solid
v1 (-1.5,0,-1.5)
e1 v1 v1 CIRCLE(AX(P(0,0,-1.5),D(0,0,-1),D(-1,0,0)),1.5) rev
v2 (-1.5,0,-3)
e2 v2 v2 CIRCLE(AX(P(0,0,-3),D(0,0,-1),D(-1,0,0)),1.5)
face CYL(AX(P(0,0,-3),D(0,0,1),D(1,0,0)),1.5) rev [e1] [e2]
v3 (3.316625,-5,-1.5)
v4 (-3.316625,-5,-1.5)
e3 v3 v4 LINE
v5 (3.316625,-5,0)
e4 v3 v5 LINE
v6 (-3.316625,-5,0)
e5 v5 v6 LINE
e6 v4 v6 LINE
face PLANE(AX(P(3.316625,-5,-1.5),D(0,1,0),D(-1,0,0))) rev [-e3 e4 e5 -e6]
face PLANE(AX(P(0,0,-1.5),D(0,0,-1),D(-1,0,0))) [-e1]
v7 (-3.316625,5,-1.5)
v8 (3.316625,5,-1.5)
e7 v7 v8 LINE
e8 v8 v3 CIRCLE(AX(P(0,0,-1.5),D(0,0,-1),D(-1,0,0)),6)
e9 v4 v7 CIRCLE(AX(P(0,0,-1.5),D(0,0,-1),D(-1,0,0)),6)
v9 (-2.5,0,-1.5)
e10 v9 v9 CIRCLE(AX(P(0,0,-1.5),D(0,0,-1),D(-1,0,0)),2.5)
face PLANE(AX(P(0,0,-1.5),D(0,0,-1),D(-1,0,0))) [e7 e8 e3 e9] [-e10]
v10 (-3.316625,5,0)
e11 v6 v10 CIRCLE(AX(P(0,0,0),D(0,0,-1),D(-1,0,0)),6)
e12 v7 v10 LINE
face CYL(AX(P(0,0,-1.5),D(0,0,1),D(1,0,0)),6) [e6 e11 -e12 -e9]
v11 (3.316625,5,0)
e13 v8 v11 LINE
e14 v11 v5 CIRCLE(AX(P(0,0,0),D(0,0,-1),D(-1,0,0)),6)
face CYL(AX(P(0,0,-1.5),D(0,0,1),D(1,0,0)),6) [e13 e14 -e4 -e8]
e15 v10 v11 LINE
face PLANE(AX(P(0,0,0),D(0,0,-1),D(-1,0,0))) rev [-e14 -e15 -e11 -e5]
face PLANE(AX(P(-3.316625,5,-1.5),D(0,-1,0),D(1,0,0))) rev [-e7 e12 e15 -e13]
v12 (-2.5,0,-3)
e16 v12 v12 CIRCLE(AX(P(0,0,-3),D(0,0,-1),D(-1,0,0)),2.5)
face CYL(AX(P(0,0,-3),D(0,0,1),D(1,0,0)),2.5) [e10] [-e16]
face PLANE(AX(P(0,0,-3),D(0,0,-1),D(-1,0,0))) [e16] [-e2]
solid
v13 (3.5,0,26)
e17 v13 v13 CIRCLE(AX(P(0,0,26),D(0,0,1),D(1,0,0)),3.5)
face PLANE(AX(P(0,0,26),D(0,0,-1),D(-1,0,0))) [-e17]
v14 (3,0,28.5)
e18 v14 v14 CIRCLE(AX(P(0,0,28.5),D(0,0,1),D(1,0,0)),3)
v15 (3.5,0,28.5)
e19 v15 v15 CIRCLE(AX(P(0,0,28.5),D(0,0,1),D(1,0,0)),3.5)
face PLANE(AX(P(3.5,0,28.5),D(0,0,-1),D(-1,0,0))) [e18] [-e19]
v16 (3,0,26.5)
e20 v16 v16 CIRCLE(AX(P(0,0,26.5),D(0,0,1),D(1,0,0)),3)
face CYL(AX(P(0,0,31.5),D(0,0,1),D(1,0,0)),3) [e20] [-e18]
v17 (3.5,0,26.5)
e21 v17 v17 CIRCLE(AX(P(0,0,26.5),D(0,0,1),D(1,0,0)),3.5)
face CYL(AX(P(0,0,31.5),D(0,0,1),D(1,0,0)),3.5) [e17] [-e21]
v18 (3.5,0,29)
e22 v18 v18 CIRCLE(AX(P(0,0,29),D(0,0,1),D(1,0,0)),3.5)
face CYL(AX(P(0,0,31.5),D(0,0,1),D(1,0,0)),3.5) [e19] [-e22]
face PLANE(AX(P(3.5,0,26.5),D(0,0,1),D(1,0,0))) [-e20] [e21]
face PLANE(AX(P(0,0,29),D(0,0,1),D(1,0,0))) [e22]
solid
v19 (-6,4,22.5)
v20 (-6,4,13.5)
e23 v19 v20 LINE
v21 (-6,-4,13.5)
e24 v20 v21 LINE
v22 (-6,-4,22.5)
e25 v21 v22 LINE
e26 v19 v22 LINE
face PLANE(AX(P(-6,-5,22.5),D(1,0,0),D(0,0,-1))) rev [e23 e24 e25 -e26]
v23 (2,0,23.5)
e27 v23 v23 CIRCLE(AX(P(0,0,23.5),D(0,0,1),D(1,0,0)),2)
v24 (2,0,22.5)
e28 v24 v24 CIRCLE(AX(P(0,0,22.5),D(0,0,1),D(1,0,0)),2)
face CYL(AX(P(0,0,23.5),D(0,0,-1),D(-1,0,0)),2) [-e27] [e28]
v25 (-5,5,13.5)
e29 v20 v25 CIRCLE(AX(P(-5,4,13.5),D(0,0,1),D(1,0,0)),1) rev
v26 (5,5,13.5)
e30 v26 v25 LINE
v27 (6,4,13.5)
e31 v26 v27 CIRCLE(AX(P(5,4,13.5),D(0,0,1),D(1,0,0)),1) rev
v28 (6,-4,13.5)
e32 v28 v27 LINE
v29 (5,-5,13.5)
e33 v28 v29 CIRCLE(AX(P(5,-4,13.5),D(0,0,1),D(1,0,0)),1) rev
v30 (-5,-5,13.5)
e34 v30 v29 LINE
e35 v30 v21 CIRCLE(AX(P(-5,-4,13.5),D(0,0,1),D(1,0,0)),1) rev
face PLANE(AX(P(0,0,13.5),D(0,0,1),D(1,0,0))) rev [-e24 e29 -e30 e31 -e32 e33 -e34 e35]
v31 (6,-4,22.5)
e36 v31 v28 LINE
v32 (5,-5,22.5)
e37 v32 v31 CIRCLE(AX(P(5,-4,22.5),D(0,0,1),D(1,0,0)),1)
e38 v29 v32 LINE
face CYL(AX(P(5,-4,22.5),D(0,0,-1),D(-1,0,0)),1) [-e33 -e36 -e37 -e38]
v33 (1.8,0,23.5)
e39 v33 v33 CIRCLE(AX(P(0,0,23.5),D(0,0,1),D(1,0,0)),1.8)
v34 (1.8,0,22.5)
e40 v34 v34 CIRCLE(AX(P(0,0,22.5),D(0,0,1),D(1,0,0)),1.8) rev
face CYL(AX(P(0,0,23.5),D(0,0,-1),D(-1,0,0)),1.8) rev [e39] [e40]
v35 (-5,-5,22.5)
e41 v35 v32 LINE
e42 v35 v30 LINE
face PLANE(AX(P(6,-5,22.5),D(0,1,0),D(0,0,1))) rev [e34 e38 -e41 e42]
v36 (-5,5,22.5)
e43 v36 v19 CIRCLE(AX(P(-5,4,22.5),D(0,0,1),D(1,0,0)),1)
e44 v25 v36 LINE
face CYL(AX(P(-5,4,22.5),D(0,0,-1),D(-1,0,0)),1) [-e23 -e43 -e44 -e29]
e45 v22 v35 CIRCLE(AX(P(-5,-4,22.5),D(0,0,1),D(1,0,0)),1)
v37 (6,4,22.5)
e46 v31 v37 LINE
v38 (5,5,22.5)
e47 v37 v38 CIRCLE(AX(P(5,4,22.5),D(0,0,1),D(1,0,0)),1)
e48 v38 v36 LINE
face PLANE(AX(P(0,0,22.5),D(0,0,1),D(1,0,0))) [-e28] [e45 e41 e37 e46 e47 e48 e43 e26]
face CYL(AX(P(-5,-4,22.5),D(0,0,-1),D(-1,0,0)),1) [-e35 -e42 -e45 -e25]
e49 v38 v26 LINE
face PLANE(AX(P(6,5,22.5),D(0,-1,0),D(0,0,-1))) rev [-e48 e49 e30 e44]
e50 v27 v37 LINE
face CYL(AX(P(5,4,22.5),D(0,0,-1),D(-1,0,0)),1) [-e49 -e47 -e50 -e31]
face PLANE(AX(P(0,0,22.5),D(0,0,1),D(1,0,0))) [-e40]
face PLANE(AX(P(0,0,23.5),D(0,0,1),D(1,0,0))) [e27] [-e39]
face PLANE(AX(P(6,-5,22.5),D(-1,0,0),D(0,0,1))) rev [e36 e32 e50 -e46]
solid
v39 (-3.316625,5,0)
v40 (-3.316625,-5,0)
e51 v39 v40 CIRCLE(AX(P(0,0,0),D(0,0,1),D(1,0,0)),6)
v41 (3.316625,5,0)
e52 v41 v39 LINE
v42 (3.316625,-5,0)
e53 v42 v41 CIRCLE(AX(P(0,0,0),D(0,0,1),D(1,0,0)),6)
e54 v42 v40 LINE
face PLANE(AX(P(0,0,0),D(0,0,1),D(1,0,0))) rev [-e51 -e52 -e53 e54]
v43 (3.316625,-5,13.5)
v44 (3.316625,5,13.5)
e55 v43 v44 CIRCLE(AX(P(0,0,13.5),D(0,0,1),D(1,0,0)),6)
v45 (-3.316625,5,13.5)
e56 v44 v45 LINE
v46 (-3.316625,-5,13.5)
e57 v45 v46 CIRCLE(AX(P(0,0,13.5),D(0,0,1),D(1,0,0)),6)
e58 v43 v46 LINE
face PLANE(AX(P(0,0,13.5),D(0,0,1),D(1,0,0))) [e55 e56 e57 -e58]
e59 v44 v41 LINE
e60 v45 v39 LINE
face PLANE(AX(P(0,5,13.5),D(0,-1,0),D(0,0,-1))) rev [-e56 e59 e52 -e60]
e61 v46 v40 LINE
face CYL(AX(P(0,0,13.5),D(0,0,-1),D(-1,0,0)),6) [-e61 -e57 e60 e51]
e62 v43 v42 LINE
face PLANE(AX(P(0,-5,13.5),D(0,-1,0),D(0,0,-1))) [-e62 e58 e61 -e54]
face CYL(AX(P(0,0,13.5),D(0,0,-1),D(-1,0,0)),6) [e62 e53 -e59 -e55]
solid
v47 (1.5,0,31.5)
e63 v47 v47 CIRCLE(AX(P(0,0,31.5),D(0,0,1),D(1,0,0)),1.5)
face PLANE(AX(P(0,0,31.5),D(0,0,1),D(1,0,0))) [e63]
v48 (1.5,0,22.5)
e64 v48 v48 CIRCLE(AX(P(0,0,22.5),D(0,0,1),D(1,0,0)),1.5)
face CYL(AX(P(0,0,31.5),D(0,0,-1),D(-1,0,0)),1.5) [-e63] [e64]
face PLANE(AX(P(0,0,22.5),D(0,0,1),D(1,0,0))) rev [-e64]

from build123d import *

# Parameters (mm, degrees)
SKETCH1_W           = 6.63324958
SKETCH1_H           = 10
BOSS_EXTRUDE1_DEPTH = 13.5
SKETCH2_W           = 12
SKETCH2_H           = 10
BOSS_EXTRUDE3_DEPTH = 9
SKETCH4_R           = 2
SKETCH4_R_2         = 1.8
BOSS_EXTRUDE4_DEPTH = 1
SKETCH5_R           = 1.5
BOSS_EXTRUDE5_DEPTH = 9
BOSS_EXTRUDE6_DEPTH = 1.5
SKETCH7_R           = 2.5
SKETCH7_R_2         = 1.5
BOSS_EXTRUDE7_DEPTH = 1.5
FILLET1_R           = 1


with BuildPart() as part:
    # Sketch1 → Boss-Extrude1 (new body)
    with BuildSketch(Plane.XY):
        with BuildLine():
            Line((-3.31662479, -5), (-3.31662479, 5))
            ThreePointArc((-3.31662479, 5), (-6, 0), (-3.31662479, -5))
        make_face()
        with BuildLine():
            Line((3.31662479, -5), (3.31662479, 5))
            ThreePointArc((3.31662479, 5), (6, 0), (3.31662479, -5))
        make_face()
        Rectangle(SKETCH1_W, SKETCH1_H)
    extrude(amount=BOSS_EXTRUDE1_DEPTH)


with BuildPart() as body_2:
    # Sketch2 → Boss-Extrude3 (new body)
    with BuildSketch(Plane.XY.offset(13.5)):
        Rectangle(SKETCH2_W, SKETCH2_H)
    extrude(amount=BOSS_EXTRUDE3_DEPTH)

    # Sketch4 → Boss-Extrude4 (add)
    with BuildSketch(Plane.XY.offset(22.5)):
        Circle(SKETCH4_R)
        Circle(SKETCH4_R_2, mode=Mode.SUBTRACT)
    extrude(amount=BOSS_EXTRUDE4_DEPTH)

    # Fillet1
    fillet1_edges = [body_2.edges().sort_by_distance(p)[0] for p in [
        (-6, 5, 18),
        (6, 5, 18),
        (6, -5, 18),
        (-6, -5, 18),
    ]]
    fillet(fillet1_edges, radius=FILLET1_R)


with BuildPart() as body_3:
    # Sketch5 → Boss-Extrude5 (new body)
    with BuildSketch(Plane.XY.offset(22.5)):
        Circle(SKETCH5_R)
    extrude(amount=BOSS_EXTRUDE5_DEPTH)


with BuildPart() as body_4:
    # Sketch6 → Boss-Extrude6 (new body)
    with BuildSketch(Plane(origin=(0, 0, 0), x_dir=(-1, 0, 0), z_dir=(0, 0, -1))):
        with BuildLine():
            Line((3.31662479, 5), (-3.31662479, 5))
            ThreePointArc((-3.31662479, 5), (-6, 0), (-3.31662479, -5))
            Line((-3.31662479, -5), (3.31662479, -5))
            ThreePointArc((3.31662479, -5), (6, 0), (3.31662479, 5))
        make_face()
    extrude(amount=BOSS_EXTRUDE6_DEPTH)

    # Sketch7 → Boss-Extrude7 (add)
    with BuildSketch(Plane(origin=(0, 0, -1.5), x_dir=(-1, 0, 0), z_dir=(0, 0, -1))):
        Circle(SKETCH7_R)
        Circle(SKETCH7_R_2, mode=Mode.SUBTRACT)
    extrude(amount=BOSS_EXTRUDE7_DEPTH)


with BuildPart() as body_5:
    # Sketch8 → Revolve1 (revolve)
    with BuildSketch(Plane(origin=(0, 0, 0), x_dir=(1, 0, 0), z_dir=(0, 1, 0))):
        Polygon((0, -29), (3.5, -29), (3.5, -28.5), (3, -28.5), (3, -26.5), (3.5, -26.5), (3.5, -26), (0, -26), align=None)
    revolve(axis=Axis((0, 0, 31.5), (0, 0, -1)))


solid = Compound([part.part, body_2.part, body_3.part, body_4.part, body_5.part])
